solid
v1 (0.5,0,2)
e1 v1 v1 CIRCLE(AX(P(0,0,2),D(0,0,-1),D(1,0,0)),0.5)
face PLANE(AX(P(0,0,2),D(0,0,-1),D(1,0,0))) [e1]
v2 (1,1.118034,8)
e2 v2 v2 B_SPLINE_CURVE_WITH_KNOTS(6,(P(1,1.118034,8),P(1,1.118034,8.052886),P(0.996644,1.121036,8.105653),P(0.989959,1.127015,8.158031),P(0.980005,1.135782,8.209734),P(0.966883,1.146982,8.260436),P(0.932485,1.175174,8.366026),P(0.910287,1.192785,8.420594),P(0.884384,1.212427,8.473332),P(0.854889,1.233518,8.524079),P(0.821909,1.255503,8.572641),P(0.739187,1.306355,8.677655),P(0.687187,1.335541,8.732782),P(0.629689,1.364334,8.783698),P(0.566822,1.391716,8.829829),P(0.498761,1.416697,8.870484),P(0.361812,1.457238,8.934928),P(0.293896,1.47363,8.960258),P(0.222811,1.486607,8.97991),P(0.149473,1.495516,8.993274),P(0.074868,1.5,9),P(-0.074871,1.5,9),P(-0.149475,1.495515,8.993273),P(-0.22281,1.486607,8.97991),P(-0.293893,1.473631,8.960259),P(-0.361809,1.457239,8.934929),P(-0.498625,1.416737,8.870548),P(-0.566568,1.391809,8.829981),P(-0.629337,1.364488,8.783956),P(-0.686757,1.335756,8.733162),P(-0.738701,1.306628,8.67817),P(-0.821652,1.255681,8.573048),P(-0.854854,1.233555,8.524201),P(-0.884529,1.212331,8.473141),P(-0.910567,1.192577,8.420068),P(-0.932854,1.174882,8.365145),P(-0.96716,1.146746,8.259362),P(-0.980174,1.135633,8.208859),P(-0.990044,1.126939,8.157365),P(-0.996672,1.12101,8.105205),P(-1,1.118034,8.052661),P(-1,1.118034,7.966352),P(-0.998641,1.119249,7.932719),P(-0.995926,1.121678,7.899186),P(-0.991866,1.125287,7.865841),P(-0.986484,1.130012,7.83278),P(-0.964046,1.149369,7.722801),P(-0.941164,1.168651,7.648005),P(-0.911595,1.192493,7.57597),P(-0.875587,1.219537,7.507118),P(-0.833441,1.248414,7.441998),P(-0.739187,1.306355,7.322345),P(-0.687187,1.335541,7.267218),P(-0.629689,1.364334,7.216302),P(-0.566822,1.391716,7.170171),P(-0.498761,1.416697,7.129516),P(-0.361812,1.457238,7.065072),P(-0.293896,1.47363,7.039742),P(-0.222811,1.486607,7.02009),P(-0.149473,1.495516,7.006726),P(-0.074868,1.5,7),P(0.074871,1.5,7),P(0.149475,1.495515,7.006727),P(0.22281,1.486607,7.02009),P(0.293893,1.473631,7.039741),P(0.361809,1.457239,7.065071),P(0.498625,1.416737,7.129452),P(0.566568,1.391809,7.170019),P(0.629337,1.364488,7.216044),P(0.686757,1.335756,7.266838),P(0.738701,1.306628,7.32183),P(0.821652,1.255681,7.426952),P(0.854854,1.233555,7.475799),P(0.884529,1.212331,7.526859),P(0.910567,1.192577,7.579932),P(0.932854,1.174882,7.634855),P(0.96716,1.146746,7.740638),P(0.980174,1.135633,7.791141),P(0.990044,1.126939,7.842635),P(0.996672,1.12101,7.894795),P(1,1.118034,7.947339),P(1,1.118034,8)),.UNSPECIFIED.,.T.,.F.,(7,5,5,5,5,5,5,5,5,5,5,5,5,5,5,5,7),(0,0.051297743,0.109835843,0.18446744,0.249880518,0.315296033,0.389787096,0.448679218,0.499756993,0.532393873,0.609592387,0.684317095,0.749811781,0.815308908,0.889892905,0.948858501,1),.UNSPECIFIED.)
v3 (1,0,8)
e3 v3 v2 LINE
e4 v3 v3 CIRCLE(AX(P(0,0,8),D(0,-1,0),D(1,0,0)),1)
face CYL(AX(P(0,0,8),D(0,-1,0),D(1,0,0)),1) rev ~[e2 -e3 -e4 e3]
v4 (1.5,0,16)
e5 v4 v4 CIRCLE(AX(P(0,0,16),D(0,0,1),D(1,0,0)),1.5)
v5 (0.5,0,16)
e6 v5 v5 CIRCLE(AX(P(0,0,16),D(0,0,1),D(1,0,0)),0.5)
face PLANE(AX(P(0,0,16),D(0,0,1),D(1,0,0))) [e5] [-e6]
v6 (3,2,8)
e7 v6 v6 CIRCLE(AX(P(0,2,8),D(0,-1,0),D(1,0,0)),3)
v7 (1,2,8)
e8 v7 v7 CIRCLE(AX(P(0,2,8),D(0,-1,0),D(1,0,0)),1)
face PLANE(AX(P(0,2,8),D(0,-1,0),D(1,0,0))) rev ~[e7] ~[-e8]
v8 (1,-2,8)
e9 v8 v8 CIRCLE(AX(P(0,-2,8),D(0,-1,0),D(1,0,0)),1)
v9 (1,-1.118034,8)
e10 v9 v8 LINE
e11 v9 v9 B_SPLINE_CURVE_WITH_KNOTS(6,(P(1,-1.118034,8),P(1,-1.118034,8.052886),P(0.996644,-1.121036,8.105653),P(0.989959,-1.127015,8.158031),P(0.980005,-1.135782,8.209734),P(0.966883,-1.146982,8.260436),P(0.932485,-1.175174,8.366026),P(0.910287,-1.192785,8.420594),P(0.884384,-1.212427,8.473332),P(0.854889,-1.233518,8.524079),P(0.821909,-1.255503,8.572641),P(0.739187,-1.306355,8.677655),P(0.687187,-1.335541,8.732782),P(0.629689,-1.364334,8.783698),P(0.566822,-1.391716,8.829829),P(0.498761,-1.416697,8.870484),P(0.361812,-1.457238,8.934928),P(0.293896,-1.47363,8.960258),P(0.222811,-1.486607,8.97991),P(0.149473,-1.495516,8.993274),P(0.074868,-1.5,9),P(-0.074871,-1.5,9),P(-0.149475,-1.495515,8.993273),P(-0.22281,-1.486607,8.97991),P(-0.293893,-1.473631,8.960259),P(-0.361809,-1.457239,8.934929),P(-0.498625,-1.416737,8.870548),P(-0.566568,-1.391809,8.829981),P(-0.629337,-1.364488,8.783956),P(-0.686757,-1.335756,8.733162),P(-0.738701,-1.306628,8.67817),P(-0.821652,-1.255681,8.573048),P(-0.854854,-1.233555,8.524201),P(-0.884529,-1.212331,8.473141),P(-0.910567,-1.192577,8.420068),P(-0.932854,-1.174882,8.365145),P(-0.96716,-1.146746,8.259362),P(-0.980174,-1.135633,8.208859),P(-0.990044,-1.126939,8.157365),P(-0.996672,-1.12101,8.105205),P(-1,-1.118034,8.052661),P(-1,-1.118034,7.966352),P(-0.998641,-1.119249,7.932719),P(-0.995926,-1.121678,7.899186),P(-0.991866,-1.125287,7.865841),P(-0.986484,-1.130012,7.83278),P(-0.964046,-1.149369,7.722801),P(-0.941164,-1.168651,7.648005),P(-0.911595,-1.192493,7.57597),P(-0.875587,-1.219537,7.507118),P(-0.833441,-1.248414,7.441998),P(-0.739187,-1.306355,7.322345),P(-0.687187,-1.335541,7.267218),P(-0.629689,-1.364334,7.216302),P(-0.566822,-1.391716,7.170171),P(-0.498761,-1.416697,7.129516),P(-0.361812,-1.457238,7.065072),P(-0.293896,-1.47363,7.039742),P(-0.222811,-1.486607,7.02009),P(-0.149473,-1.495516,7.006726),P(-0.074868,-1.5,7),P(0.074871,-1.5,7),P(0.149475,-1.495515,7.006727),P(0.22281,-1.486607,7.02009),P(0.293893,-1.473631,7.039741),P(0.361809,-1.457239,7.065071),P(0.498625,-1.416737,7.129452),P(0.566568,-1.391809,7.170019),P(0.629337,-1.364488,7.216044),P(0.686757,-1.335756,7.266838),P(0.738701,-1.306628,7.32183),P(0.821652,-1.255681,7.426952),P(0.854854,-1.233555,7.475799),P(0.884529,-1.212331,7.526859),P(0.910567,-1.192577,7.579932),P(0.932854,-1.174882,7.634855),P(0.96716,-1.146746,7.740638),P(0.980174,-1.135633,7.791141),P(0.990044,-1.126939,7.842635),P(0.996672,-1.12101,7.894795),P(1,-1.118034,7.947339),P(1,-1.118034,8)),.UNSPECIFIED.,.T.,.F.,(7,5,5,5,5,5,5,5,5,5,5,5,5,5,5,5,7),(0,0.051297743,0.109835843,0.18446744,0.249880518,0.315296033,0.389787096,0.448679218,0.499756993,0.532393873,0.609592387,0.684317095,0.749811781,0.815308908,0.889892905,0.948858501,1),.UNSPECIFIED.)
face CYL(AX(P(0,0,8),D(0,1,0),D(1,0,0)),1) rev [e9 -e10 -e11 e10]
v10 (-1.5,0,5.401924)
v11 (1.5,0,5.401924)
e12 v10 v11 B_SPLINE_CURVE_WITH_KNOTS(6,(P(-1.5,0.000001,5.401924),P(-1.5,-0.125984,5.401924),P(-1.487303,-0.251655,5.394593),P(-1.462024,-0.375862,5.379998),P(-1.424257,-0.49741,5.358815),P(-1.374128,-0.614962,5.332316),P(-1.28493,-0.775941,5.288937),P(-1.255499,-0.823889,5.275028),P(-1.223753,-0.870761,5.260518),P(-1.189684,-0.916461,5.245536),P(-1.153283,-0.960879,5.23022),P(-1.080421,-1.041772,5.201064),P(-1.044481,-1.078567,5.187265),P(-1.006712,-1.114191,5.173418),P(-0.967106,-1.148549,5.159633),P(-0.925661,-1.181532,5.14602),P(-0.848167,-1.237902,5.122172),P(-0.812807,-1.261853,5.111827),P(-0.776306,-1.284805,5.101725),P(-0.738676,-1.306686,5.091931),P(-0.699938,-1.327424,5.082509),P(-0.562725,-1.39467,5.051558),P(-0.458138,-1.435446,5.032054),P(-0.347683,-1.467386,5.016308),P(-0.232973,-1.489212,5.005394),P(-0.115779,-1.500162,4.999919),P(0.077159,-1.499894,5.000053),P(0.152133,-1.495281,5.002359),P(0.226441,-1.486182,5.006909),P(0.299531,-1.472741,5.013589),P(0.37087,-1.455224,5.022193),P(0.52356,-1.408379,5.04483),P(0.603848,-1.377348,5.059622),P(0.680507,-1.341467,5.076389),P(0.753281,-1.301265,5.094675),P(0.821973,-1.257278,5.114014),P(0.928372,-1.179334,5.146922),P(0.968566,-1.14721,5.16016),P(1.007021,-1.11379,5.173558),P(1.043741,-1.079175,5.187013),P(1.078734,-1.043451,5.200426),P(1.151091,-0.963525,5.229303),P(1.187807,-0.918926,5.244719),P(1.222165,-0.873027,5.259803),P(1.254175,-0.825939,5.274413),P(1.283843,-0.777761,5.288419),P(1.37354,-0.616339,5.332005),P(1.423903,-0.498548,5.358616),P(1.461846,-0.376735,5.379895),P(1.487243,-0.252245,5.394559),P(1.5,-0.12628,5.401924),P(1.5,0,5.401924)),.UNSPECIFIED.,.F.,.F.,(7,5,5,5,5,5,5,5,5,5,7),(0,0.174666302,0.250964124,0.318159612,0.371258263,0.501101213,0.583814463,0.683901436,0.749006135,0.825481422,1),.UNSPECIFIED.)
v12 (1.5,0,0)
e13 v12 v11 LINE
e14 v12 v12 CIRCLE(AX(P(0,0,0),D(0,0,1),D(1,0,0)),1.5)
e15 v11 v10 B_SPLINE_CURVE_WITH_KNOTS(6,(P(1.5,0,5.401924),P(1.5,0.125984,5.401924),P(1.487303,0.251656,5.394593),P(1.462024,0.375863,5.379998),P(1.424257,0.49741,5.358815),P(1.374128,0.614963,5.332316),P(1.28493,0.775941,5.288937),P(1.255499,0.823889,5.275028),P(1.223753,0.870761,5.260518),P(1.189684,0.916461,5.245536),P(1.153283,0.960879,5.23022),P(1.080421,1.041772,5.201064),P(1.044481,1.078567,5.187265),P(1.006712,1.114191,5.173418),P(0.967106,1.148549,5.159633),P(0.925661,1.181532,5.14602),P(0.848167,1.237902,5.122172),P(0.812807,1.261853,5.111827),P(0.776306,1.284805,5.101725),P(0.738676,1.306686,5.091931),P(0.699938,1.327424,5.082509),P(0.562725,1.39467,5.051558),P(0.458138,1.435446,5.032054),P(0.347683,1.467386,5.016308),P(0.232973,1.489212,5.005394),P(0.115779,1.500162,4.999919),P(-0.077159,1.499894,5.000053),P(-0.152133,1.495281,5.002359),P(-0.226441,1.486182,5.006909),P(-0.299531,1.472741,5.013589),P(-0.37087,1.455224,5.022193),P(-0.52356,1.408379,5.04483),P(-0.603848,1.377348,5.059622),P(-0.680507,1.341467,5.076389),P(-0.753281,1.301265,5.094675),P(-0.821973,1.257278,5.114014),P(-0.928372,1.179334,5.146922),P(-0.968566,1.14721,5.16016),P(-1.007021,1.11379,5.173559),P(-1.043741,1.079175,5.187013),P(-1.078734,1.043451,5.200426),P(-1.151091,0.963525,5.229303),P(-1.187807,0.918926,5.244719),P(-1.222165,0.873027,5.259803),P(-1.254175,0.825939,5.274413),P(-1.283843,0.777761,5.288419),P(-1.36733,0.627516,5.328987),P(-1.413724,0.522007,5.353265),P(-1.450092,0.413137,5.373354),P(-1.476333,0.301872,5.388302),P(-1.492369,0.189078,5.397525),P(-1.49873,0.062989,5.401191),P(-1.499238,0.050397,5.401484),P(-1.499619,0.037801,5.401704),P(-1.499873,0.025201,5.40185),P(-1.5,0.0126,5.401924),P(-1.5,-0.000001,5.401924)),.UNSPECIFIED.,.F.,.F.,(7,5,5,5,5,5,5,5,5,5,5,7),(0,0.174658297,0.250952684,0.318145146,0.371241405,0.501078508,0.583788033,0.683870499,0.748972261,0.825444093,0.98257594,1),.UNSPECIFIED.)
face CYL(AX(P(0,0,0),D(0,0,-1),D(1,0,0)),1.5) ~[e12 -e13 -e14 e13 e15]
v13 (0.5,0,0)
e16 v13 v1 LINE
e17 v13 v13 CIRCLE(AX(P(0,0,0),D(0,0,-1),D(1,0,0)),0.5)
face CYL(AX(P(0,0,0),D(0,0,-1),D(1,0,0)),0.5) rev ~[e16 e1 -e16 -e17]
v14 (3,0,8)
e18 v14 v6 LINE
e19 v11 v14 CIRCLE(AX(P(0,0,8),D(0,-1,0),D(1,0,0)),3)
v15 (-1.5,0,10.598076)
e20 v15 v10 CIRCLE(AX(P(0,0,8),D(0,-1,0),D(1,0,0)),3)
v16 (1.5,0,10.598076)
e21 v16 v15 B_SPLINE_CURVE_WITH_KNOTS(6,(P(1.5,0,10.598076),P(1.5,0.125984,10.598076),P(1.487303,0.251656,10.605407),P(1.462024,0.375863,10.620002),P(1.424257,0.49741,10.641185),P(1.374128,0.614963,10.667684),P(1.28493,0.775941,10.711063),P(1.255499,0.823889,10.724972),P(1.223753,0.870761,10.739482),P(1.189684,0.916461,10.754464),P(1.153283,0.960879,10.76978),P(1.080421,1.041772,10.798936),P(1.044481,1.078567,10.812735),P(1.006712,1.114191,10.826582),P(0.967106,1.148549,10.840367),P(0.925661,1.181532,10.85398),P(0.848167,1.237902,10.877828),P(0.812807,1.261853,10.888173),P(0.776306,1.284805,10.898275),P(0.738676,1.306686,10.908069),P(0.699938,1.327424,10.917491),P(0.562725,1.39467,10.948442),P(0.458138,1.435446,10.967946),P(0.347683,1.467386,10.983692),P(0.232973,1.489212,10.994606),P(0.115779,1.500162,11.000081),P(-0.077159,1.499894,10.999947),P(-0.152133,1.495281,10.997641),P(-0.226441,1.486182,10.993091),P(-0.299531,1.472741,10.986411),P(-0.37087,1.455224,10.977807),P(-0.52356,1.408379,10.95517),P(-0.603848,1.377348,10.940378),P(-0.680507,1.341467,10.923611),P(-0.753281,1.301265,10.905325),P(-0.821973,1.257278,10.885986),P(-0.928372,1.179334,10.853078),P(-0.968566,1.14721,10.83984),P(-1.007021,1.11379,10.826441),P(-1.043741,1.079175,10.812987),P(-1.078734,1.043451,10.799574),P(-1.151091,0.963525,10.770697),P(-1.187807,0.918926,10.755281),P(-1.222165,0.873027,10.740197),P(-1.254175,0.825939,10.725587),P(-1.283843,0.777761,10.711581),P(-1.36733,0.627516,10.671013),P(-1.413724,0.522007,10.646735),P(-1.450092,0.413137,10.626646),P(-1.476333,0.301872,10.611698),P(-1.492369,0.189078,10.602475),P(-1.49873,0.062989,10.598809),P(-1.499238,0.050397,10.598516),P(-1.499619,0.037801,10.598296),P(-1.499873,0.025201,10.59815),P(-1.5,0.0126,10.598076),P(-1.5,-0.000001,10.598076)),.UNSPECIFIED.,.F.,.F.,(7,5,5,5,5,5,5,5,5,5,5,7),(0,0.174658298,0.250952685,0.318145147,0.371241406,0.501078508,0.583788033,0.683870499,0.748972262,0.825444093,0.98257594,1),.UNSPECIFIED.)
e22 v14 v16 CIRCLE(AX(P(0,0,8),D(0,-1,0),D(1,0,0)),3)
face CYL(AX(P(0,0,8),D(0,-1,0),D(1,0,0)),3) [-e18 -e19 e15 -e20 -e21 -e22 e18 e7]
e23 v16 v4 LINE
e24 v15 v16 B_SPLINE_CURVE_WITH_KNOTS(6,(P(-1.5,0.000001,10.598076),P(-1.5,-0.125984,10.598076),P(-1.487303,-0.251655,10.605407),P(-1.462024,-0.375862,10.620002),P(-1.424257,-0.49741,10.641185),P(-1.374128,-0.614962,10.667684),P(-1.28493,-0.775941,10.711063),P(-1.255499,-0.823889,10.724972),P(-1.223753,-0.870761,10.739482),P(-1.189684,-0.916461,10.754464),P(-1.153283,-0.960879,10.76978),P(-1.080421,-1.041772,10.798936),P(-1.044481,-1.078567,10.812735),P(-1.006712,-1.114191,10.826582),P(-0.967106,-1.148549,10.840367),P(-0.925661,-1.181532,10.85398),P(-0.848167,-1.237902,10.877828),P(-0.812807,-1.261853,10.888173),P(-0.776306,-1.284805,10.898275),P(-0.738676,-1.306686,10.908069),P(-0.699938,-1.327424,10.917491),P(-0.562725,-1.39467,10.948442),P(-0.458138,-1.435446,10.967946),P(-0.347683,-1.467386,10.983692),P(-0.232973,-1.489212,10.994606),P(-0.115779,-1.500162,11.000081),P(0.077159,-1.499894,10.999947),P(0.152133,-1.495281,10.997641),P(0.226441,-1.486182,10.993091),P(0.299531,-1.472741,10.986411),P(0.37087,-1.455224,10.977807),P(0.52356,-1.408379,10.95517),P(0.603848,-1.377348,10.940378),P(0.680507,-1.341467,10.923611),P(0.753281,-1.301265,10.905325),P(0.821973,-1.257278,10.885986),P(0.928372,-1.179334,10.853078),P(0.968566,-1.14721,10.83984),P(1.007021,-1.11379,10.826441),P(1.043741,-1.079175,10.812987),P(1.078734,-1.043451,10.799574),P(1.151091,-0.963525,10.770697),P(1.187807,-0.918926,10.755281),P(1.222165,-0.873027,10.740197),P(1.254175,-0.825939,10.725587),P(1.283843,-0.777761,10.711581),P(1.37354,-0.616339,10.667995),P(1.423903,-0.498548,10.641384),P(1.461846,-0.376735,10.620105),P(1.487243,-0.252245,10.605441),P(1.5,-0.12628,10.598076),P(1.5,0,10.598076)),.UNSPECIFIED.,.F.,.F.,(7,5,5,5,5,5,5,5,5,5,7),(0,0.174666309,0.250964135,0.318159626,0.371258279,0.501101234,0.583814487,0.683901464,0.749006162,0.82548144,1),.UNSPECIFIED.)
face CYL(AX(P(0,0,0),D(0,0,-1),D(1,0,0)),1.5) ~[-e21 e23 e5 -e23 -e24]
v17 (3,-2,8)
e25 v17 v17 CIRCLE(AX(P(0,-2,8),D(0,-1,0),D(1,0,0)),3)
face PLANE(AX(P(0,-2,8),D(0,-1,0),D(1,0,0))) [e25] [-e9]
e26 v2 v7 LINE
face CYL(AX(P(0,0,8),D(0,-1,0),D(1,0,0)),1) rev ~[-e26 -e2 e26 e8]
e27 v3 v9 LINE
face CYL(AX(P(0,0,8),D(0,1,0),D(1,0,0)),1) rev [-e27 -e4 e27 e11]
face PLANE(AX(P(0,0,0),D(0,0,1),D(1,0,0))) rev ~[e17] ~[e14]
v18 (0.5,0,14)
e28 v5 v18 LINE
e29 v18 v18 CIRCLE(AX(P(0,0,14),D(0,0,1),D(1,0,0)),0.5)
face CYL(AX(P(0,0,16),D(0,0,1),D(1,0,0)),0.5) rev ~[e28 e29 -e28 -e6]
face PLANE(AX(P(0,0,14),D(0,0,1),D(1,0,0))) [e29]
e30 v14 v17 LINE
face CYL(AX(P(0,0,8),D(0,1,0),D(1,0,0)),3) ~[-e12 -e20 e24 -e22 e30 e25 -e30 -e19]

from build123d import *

# Parameters (mm, degrees)
F0_R          = 1.5
F1_DEPTH      = 16
F2_R          = 0.5
F3_DEPTH      = 2
F4_R          = 0.5
F5_DEPTH      = 2
F6_R          = 3
F6_R_2        = 1
F7_DEPTH      = 2
F7_DEPTH_BACK = 2
F8_R          = 1
F9_DEPTH      = 2
F9_DEPTH_BACK = 2


with BuildPart() as f1:
    # F0 (on Top) → F1 (new body)
    with BuildSketch(Plane.XY):
        Circle(F0_R)
    extrude(amount=F1_DEPTH)

    # F2 (on face) → F3 (cut)
    with BuildSketch(Plane.XY.offset(16)):
        Circle(F2_R)
    extrude(amount=-F3_DEPTH, mode=Mode.SUBTRACT)

    # F4 (on face) → F5 (cut)
    with BuildSketch(Plane(origin=(0, 0, 0), x_dir=(1, 0, 0), z_dir=(0, 0, -1))):
        Circle(F4_R)
    extrude(amount=-F5_DEPTH, mode=Mode.SUBTRACT)

    # F6 (on Front) → F7 (join, two sides)
    with BuildSketch(Plane.XZ) as f7_sk:
        with Locations((0, 8)):
            Circle(F6_R)
        with Locations((0, 8)):
            Circle(F6_R_2, mode=Mode.SUBTRACT)
    extrude(amount=F7_DEPTH)
    extrude(f7_sk.sketch, amount=-F7_DEPTH_BACK)

    # F8 (on Front) → F9 (cut, two sides)
    with BuildSketch(Plane.XZ) as f9_sk:
        with Locations((0, 8)):
            Circle(F8_R)
    extrude(amount=-F9_DEPTH, mode=Mode.SUBTRACT)
    extrude(f9_sk.sketch, amount=F9_DEPTH_BACK, mode=Mode.SUBTRACT)


solid = f1.part
